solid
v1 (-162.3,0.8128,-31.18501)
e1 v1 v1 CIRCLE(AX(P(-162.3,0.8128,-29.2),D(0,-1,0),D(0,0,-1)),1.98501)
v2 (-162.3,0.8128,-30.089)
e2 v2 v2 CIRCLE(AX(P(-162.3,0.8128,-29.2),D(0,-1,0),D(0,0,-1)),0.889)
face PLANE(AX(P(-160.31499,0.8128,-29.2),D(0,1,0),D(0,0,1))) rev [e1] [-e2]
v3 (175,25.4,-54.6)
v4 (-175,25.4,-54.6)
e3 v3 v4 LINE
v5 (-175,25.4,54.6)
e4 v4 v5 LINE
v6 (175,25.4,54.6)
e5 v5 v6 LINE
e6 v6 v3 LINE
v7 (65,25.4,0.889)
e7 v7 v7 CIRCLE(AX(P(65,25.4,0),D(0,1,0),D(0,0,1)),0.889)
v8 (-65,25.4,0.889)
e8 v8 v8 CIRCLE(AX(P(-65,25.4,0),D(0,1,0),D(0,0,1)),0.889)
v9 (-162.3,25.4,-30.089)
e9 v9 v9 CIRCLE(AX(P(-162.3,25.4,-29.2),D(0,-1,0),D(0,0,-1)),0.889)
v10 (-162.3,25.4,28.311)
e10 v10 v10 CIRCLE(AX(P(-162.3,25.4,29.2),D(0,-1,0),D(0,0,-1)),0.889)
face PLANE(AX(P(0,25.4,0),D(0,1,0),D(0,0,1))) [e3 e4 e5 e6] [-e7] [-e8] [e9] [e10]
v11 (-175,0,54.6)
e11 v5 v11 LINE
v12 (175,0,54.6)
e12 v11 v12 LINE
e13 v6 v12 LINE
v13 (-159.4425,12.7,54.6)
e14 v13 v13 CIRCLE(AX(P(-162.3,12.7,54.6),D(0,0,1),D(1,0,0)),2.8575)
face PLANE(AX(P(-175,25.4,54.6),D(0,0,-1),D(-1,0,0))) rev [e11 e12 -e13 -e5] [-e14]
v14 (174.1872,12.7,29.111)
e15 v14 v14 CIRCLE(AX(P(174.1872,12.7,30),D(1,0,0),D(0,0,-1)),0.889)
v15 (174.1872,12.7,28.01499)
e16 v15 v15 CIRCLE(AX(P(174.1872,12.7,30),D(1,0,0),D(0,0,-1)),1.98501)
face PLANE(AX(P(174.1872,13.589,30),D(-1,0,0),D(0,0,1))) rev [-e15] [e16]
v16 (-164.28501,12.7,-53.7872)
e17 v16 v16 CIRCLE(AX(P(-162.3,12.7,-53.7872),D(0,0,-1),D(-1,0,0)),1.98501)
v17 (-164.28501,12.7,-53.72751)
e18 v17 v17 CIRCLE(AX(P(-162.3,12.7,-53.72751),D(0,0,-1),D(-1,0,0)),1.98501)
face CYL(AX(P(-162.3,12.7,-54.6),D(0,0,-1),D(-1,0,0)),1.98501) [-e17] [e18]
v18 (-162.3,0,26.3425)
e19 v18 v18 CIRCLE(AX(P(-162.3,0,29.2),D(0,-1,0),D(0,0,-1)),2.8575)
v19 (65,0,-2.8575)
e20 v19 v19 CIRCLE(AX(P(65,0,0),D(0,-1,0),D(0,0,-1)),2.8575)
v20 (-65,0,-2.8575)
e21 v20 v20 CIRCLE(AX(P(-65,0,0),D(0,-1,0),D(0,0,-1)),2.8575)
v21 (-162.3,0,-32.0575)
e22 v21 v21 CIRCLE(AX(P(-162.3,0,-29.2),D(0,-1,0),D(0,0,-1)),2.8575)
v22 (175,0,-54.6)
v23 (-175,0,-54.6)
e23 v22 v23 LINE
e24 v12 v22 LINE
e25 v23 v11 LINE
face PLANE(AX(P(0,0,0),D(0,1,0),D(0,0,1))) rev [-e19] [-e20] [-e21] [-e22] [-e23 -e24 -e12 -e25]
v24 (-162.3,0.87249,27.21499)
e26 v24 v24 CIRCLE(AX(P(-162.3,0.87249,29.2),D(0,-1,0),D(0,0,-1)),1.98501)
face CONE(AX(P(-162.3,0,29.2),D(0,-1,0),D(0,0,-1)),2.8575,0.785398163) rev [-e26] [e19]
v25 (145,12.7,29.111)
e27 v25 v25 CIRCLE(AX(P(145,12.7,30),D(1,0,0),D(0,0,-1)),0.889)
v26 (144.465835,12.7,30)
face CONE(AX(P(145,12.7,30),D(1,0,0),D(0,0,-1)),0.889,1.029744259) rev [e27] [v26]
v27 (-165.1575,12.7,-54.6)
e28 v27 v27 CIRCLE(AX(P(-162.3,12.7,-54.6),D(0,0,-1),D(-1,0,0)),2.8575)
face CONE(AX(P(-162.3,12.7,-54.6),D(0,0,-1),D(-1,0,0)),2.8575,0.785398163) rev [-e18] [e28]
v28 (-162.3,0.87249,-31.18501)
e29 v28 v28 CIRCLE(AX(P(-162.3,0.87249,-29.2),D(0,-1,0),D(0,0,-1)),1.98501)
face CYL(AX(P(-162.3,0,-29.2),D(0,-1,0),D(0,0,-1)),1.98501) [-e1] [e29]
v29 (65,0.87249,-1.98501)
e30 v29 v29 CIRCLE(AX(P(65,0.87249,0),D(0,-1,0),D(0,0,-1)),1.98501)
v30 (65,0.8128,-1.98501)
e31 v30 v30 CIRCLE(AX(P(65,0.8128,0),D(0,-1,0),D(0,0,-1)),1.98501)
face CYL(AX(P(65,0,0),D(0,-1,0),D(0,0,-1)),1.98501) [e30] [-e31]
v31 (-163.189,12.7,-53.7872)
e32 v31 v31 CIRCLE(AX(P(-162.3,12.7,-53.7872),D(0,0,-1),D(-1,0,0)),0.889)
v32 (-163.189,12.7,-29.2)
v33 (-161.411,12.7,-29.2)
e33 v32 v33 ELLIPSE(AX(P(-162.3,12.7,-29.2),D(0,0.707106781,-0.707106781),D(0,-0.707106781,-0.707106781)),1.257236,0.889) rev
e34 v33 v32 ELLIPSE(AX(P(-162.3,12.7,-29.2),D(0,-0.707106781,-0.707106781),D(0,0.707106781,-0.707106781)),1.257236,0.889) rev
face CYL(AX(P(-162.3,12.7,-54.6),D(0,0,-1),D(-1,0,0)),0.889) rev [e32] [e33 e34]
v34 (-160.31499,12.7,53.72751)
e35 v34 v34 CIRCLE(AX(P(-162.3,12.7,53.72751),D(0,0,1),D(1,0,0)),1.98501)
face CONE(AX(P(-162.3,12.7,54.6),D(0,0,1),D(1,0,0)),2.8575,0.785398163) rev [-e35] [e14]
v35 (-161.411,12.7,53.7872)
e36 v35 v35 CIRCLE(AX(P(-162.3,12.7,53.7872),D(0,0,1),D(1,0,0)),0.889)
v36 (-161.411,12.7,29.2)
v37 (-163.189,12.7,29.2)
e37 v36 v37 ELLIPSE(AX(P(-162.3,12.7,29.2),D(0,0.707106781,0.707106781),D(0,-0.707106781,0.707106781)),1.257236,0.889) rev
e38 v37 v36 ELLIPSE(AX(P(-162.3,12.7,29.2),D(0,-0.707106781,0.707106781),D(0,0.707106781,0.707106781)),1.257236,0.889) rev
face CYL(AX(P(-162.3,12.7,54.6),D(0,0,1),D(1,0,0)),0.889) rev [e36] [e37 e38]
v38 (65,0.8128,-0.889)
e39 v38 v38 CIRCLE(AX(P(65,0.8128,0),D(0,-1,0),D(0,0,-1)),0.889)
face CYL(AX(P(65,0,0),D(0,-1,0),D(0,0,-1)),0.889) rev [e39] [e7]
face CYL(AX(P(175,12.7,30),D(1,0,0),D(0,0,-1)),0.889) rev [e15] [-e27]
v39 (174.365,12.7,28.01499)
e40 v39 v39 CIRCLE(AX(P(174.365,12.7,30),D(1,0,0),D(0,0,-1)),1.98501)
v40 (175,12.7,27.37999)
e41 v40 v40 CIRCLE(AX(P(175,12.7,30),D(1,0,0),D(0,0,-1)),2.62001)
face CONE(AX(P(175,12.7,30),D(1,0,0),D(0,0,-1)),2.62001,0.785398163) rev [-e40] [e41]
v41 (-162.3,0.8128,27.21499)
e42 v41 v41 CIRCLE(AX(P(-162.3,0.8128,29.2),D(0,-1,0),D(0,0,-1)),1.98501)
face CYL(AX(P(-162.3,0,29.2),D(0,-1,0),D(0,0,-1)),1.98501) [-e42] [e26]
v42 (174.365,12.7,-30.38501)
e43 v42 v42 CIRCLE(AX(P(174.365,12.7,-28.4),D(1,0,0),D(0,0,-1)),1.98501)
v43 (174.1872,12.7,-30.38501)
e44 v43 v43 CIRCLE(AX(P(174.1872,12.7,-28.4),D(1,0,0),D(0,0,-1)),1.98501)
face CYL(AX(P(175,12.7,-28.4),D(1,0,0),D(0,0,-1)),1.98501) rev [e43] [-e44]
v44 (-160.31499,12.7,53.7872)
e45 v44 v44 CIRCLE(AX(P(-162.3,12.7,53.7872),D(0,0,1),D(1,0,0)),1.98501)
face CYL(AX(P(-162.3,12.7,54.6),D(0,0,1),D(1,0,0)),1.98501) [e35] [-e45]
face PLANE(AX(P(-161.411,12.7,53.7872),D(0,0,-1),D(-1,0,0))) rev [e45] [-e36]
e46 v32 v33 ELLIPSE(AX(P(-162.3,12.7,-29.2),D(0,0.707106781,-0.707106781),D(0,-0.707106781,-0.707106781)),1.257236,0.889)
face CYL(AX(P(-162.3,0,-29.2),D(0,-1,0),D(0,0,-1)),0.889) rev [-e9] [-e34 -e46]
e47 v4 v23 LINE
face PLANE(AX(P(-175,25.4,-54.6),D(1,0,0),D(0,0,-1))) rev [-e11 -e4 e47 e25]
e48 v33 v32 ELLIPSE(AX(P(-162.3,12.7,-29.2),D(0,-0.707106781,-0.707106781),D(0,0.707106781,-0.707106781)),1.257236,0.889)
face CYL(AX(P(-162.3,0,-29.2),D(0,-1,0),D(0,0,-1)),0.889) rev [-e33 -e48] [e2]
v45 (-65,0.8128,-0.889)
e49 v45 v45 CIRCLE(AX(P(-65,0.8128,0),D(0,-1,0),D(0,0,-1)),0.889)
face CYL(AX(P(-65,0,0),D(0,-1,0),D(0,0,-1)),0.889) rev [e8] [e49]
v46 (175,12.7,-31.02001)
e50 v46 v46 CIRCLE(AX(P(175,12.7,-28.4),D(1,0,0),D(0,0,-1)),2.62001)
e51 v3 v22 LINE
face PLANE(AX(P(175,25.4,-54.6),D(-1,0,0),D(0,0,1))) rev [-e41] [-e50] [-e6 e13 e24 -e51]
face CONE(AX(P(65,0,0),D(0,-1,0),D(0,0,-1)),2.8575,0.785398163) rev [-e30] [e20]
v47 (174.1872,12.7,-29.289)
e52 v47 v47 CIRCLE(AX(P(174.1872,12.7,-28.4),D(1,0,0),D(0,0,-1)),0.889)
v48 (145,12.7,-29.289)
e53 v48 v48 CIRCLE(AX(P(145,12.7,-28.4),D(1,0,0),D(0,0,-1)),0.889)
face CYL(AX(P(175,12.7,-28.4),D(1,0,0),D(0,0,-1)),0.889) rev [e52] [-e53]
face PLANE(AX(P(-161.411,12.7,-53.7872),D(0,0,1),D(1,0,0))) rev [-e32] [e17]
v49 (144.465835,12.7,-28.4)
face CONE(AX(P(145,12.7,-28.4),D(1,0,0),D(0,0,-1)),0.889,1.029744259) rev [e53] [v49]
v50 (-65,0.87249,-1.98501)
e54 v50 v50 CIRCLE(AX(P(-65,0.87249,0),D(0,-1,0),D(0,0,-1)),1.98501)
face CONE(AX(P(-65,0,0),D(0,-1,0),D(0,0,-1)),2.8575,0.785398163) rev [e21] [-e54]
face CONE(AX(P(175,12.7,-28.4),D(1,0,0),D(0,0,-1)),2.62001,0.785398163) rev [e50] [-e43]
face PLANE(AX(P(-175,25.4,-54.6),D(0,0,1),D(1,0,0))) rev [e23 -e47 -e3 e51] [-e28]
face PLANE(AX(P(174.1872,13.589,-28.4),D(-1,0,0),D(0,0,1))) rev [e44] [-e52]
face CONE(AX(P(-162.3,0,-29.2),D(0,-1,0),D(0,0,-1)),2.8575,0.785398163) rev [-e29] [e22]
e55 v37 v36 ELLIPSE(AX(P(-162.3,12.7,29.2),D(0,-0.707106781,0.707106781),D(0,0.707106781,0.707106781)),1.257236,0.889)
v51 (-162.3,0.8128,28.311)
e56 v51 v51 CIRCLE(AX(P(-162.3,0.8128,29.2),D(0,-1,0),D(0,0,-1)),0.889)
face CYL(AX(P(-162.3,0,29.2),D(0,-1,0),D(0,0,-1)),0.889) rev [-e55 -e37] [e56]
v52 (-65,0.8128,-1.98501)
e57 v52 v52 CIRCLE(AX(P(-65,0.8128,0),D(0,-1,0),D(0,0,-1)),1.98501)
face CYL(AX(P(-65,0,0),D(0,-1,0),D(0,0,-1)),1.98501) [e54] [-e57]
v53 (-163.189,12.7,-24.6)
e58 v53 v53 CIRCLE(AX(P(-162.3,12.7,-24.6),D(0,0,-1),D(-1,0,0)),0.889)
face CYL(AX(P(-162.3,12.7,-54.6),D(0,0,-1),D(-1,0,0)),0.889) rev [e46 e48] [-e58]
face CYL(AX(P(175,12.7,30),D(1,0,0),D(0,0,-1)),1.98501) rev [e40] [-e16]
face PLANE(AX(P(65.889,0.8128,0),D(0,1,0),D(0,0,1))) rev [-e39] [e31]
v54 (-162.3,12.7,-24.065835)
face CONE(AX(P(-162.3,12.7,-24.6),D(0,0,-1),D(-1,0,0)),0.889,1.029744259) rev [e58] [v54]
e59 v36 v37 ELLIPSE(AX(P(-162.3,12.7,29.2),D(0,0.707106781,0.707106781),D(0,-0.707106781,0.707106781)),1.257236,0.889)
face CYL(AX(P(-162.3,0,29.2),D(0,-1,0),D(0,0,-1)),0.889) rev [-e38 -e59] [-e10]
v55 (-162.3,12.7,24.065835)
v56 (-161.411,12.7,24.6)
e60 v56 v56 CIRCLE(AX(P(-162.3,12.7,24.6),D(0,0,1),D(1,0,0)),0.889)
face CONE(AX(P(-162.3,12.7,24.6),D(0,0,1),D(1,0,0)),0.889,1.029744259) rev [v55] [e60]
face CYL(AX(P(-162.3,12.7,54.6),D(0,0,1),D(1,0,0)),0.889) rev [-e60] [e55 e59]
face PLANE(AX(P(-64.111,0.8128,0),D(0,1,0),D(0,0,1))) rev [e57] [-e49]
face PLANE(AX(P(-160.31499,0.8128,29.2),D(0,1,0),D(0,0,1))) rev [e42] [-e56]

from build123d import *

# Parameters (mm, degrees)
SKETCH1_W                                   = 350
SKETCH1_H                                   = 109.2
BOSS_EXTRUDE1_DEPTH                         = 25.4
CBORE_FOR_0_BINDING_HEAD_MACHINE_SC_2_COUNT = 2
CBORE_FOR_0_BINDING_HEAD_MACHINE_SC_2_PITCH = 58.4
CBORE_FOR_0_BINDING_HEAD_MACHINE_SC_3_COUNT = 2
CBORE_FOR_0_BINDING_HEAD_MACHINE_SC_3_PITCH = 130
CBORE_FOR_0_BINDING_HEAD_MACHINE_SC_4_COUNT = 2
CBORE_FOR_0_BINDING_HEAD_MACHINE_SC_4_PITCH = 58.4


with BuildPart() as part:
    # Sketch1 → Boss-Extrude1 (new body)
    with BuildSketch(Plane(origin=(0, 0, 0), x_dir=(1, 0, 0), z_dir=(0, 1, 0))):
        Rectangle(SKETCH1_W, SKETCH1_H)
    extrude(amount=BOSS_EXTRUDE1_DEPTH)

    # Sketch3 → CBORE for #0 Binding Head Machine Screw1 (revolve, cut)
    with BuildSketch(Plane(origin=(-162.3, 12.7, 54.6), x_dir=(0, -1, 0), z_dir=(1, 0, 0))):
        Polygon((0, 0), (0, 30.53416509), (0.889, 30), (0.889, 0.8128), (1.98501, 0.8128), (1.98501, 0.87249), (2.8575, 0), align=None)
    cbore_for_0_binding_head_machine_screw1 = revolve(axis=Axis((-162.3, 12.7, 60.95), (0, 0, -1)), mode=Mode.SUBTRACT)

    # Mirror1: CBORE for #0 Binding Head Machine Screw1 across plane
    add(cbore_for_0_binding_head_machine_screw1.mirror(Plane.XY), mode=Mode.SUBTRACT)

    # Sketch5 → CBORE for #0 Binding Head Machine Screw2 (revolve, cut)
    with BuildSketch(Plane(origin=(175, 12.7, 30), x_dir=(0, 0, -1), z_dir=(0, 1, 0))):
        Polygon((0, 0), (0, 30.53416509), (0.889, 30), (0.889, 0.8128), (1.98501, 0.8128), (1.98501, 0.635), (2.62001, 0), align=None)
    cbore_for_0_binding_head_machine_screw2 = revolve(axis=Axis((181.35, 12.7, 30), (-1, 0, 0)), mode=Mode.SUBTRACT)

    # CBORE for _0 Binding Head Machine Sc 2: CBORE for #0 Binding Head Machine Screw2 ×2
    with Locations(*[(0, 0, -i * CBORE_FOR_0_BINDING_HEAD_MACHINE_SC_2_PITCH) for i in range(1, CBORE_FOR_0_BINDING_HEAD_MACHINE_SC_2_COUNT)]):
        add(cbore_for_0_binding_head_machine_screw2, mode=Mode.SUBTRACT)

    # Sketch9 → CBORE for #0 Binding Head Machine Screw4 (revolve, cut)
    with BuildSketch(Plane(origin=(-65, 0, 0), x_dir=(0, 0, -1), z_dir=(1, 0, 0))):
        Polygon((0, 0), (0, 30.53416509), (0.889, 30), (0.889, 0.8128), (1.98501, 0.8128), (1.98501, 0.87249), (2.8575, 0), align=None)
    cbore_for_0_binding_head_machine_screw4 = revolve(axis=Axis((-65, -6.35, 0), (0, 1, 0)), mode=Mode.SUBTRACT)

    # CBORE for _0 Binding Head Machine Sc 3: CBORE for #0 Binding Head Machine Screw4 ×2
    with Locations(*[(i * CBORE_FOR_0_BINDING_HEAD_MACHINE_SC_3_PITCH, 0, 0) for i in range(1, CBORE_FOR_0_BINDING_HEAD_MACHINE_SC_3_COUNT)]):
        add(cbore_for_0_binding_head_machine_screw4, mode=Mode.SUBTRACT)

    # Sketch13 → CBORE for #0 Binding Head Machine Screw6 (revolve, cut)
    with BuildSketch(Plane(origin=(-162.3, 0, -29.2), x_dir=(0, 0, -1), z_dir=(1, 0, 0))):
        Polygon((0, 0), (0, 25.4), (0.889, 25.4), (0.889, 0.8128), (1.98501, 0.8128), (1.98501, 0.87249), (2.8575, 0), align=None)
    cbore_for_0_binding_head_machine_screw6 = revolve(axis=Axis((-162.3, -6.35, -29.2), (0, 1, 0)), mode=Mode.SUBTRACT)

    # CBORE for _0 Binding Head Machine Sc 4: CBORE for #0 Binding Head Machine Screw6 ×2
    with Locations(*[(0, 0, i * CBORE_FOR_0_BINDING_HEAD_MACHINE_SC_4_PITCH) for i in range(1, CBORE_FOR_0_BINDING_HEAD_MACHINE_SC_4_COUNT)]):
        add(cbore_for_0_binding_head_machine_screw6, mode=Mode.SUBTRACT)


solid = part.part
